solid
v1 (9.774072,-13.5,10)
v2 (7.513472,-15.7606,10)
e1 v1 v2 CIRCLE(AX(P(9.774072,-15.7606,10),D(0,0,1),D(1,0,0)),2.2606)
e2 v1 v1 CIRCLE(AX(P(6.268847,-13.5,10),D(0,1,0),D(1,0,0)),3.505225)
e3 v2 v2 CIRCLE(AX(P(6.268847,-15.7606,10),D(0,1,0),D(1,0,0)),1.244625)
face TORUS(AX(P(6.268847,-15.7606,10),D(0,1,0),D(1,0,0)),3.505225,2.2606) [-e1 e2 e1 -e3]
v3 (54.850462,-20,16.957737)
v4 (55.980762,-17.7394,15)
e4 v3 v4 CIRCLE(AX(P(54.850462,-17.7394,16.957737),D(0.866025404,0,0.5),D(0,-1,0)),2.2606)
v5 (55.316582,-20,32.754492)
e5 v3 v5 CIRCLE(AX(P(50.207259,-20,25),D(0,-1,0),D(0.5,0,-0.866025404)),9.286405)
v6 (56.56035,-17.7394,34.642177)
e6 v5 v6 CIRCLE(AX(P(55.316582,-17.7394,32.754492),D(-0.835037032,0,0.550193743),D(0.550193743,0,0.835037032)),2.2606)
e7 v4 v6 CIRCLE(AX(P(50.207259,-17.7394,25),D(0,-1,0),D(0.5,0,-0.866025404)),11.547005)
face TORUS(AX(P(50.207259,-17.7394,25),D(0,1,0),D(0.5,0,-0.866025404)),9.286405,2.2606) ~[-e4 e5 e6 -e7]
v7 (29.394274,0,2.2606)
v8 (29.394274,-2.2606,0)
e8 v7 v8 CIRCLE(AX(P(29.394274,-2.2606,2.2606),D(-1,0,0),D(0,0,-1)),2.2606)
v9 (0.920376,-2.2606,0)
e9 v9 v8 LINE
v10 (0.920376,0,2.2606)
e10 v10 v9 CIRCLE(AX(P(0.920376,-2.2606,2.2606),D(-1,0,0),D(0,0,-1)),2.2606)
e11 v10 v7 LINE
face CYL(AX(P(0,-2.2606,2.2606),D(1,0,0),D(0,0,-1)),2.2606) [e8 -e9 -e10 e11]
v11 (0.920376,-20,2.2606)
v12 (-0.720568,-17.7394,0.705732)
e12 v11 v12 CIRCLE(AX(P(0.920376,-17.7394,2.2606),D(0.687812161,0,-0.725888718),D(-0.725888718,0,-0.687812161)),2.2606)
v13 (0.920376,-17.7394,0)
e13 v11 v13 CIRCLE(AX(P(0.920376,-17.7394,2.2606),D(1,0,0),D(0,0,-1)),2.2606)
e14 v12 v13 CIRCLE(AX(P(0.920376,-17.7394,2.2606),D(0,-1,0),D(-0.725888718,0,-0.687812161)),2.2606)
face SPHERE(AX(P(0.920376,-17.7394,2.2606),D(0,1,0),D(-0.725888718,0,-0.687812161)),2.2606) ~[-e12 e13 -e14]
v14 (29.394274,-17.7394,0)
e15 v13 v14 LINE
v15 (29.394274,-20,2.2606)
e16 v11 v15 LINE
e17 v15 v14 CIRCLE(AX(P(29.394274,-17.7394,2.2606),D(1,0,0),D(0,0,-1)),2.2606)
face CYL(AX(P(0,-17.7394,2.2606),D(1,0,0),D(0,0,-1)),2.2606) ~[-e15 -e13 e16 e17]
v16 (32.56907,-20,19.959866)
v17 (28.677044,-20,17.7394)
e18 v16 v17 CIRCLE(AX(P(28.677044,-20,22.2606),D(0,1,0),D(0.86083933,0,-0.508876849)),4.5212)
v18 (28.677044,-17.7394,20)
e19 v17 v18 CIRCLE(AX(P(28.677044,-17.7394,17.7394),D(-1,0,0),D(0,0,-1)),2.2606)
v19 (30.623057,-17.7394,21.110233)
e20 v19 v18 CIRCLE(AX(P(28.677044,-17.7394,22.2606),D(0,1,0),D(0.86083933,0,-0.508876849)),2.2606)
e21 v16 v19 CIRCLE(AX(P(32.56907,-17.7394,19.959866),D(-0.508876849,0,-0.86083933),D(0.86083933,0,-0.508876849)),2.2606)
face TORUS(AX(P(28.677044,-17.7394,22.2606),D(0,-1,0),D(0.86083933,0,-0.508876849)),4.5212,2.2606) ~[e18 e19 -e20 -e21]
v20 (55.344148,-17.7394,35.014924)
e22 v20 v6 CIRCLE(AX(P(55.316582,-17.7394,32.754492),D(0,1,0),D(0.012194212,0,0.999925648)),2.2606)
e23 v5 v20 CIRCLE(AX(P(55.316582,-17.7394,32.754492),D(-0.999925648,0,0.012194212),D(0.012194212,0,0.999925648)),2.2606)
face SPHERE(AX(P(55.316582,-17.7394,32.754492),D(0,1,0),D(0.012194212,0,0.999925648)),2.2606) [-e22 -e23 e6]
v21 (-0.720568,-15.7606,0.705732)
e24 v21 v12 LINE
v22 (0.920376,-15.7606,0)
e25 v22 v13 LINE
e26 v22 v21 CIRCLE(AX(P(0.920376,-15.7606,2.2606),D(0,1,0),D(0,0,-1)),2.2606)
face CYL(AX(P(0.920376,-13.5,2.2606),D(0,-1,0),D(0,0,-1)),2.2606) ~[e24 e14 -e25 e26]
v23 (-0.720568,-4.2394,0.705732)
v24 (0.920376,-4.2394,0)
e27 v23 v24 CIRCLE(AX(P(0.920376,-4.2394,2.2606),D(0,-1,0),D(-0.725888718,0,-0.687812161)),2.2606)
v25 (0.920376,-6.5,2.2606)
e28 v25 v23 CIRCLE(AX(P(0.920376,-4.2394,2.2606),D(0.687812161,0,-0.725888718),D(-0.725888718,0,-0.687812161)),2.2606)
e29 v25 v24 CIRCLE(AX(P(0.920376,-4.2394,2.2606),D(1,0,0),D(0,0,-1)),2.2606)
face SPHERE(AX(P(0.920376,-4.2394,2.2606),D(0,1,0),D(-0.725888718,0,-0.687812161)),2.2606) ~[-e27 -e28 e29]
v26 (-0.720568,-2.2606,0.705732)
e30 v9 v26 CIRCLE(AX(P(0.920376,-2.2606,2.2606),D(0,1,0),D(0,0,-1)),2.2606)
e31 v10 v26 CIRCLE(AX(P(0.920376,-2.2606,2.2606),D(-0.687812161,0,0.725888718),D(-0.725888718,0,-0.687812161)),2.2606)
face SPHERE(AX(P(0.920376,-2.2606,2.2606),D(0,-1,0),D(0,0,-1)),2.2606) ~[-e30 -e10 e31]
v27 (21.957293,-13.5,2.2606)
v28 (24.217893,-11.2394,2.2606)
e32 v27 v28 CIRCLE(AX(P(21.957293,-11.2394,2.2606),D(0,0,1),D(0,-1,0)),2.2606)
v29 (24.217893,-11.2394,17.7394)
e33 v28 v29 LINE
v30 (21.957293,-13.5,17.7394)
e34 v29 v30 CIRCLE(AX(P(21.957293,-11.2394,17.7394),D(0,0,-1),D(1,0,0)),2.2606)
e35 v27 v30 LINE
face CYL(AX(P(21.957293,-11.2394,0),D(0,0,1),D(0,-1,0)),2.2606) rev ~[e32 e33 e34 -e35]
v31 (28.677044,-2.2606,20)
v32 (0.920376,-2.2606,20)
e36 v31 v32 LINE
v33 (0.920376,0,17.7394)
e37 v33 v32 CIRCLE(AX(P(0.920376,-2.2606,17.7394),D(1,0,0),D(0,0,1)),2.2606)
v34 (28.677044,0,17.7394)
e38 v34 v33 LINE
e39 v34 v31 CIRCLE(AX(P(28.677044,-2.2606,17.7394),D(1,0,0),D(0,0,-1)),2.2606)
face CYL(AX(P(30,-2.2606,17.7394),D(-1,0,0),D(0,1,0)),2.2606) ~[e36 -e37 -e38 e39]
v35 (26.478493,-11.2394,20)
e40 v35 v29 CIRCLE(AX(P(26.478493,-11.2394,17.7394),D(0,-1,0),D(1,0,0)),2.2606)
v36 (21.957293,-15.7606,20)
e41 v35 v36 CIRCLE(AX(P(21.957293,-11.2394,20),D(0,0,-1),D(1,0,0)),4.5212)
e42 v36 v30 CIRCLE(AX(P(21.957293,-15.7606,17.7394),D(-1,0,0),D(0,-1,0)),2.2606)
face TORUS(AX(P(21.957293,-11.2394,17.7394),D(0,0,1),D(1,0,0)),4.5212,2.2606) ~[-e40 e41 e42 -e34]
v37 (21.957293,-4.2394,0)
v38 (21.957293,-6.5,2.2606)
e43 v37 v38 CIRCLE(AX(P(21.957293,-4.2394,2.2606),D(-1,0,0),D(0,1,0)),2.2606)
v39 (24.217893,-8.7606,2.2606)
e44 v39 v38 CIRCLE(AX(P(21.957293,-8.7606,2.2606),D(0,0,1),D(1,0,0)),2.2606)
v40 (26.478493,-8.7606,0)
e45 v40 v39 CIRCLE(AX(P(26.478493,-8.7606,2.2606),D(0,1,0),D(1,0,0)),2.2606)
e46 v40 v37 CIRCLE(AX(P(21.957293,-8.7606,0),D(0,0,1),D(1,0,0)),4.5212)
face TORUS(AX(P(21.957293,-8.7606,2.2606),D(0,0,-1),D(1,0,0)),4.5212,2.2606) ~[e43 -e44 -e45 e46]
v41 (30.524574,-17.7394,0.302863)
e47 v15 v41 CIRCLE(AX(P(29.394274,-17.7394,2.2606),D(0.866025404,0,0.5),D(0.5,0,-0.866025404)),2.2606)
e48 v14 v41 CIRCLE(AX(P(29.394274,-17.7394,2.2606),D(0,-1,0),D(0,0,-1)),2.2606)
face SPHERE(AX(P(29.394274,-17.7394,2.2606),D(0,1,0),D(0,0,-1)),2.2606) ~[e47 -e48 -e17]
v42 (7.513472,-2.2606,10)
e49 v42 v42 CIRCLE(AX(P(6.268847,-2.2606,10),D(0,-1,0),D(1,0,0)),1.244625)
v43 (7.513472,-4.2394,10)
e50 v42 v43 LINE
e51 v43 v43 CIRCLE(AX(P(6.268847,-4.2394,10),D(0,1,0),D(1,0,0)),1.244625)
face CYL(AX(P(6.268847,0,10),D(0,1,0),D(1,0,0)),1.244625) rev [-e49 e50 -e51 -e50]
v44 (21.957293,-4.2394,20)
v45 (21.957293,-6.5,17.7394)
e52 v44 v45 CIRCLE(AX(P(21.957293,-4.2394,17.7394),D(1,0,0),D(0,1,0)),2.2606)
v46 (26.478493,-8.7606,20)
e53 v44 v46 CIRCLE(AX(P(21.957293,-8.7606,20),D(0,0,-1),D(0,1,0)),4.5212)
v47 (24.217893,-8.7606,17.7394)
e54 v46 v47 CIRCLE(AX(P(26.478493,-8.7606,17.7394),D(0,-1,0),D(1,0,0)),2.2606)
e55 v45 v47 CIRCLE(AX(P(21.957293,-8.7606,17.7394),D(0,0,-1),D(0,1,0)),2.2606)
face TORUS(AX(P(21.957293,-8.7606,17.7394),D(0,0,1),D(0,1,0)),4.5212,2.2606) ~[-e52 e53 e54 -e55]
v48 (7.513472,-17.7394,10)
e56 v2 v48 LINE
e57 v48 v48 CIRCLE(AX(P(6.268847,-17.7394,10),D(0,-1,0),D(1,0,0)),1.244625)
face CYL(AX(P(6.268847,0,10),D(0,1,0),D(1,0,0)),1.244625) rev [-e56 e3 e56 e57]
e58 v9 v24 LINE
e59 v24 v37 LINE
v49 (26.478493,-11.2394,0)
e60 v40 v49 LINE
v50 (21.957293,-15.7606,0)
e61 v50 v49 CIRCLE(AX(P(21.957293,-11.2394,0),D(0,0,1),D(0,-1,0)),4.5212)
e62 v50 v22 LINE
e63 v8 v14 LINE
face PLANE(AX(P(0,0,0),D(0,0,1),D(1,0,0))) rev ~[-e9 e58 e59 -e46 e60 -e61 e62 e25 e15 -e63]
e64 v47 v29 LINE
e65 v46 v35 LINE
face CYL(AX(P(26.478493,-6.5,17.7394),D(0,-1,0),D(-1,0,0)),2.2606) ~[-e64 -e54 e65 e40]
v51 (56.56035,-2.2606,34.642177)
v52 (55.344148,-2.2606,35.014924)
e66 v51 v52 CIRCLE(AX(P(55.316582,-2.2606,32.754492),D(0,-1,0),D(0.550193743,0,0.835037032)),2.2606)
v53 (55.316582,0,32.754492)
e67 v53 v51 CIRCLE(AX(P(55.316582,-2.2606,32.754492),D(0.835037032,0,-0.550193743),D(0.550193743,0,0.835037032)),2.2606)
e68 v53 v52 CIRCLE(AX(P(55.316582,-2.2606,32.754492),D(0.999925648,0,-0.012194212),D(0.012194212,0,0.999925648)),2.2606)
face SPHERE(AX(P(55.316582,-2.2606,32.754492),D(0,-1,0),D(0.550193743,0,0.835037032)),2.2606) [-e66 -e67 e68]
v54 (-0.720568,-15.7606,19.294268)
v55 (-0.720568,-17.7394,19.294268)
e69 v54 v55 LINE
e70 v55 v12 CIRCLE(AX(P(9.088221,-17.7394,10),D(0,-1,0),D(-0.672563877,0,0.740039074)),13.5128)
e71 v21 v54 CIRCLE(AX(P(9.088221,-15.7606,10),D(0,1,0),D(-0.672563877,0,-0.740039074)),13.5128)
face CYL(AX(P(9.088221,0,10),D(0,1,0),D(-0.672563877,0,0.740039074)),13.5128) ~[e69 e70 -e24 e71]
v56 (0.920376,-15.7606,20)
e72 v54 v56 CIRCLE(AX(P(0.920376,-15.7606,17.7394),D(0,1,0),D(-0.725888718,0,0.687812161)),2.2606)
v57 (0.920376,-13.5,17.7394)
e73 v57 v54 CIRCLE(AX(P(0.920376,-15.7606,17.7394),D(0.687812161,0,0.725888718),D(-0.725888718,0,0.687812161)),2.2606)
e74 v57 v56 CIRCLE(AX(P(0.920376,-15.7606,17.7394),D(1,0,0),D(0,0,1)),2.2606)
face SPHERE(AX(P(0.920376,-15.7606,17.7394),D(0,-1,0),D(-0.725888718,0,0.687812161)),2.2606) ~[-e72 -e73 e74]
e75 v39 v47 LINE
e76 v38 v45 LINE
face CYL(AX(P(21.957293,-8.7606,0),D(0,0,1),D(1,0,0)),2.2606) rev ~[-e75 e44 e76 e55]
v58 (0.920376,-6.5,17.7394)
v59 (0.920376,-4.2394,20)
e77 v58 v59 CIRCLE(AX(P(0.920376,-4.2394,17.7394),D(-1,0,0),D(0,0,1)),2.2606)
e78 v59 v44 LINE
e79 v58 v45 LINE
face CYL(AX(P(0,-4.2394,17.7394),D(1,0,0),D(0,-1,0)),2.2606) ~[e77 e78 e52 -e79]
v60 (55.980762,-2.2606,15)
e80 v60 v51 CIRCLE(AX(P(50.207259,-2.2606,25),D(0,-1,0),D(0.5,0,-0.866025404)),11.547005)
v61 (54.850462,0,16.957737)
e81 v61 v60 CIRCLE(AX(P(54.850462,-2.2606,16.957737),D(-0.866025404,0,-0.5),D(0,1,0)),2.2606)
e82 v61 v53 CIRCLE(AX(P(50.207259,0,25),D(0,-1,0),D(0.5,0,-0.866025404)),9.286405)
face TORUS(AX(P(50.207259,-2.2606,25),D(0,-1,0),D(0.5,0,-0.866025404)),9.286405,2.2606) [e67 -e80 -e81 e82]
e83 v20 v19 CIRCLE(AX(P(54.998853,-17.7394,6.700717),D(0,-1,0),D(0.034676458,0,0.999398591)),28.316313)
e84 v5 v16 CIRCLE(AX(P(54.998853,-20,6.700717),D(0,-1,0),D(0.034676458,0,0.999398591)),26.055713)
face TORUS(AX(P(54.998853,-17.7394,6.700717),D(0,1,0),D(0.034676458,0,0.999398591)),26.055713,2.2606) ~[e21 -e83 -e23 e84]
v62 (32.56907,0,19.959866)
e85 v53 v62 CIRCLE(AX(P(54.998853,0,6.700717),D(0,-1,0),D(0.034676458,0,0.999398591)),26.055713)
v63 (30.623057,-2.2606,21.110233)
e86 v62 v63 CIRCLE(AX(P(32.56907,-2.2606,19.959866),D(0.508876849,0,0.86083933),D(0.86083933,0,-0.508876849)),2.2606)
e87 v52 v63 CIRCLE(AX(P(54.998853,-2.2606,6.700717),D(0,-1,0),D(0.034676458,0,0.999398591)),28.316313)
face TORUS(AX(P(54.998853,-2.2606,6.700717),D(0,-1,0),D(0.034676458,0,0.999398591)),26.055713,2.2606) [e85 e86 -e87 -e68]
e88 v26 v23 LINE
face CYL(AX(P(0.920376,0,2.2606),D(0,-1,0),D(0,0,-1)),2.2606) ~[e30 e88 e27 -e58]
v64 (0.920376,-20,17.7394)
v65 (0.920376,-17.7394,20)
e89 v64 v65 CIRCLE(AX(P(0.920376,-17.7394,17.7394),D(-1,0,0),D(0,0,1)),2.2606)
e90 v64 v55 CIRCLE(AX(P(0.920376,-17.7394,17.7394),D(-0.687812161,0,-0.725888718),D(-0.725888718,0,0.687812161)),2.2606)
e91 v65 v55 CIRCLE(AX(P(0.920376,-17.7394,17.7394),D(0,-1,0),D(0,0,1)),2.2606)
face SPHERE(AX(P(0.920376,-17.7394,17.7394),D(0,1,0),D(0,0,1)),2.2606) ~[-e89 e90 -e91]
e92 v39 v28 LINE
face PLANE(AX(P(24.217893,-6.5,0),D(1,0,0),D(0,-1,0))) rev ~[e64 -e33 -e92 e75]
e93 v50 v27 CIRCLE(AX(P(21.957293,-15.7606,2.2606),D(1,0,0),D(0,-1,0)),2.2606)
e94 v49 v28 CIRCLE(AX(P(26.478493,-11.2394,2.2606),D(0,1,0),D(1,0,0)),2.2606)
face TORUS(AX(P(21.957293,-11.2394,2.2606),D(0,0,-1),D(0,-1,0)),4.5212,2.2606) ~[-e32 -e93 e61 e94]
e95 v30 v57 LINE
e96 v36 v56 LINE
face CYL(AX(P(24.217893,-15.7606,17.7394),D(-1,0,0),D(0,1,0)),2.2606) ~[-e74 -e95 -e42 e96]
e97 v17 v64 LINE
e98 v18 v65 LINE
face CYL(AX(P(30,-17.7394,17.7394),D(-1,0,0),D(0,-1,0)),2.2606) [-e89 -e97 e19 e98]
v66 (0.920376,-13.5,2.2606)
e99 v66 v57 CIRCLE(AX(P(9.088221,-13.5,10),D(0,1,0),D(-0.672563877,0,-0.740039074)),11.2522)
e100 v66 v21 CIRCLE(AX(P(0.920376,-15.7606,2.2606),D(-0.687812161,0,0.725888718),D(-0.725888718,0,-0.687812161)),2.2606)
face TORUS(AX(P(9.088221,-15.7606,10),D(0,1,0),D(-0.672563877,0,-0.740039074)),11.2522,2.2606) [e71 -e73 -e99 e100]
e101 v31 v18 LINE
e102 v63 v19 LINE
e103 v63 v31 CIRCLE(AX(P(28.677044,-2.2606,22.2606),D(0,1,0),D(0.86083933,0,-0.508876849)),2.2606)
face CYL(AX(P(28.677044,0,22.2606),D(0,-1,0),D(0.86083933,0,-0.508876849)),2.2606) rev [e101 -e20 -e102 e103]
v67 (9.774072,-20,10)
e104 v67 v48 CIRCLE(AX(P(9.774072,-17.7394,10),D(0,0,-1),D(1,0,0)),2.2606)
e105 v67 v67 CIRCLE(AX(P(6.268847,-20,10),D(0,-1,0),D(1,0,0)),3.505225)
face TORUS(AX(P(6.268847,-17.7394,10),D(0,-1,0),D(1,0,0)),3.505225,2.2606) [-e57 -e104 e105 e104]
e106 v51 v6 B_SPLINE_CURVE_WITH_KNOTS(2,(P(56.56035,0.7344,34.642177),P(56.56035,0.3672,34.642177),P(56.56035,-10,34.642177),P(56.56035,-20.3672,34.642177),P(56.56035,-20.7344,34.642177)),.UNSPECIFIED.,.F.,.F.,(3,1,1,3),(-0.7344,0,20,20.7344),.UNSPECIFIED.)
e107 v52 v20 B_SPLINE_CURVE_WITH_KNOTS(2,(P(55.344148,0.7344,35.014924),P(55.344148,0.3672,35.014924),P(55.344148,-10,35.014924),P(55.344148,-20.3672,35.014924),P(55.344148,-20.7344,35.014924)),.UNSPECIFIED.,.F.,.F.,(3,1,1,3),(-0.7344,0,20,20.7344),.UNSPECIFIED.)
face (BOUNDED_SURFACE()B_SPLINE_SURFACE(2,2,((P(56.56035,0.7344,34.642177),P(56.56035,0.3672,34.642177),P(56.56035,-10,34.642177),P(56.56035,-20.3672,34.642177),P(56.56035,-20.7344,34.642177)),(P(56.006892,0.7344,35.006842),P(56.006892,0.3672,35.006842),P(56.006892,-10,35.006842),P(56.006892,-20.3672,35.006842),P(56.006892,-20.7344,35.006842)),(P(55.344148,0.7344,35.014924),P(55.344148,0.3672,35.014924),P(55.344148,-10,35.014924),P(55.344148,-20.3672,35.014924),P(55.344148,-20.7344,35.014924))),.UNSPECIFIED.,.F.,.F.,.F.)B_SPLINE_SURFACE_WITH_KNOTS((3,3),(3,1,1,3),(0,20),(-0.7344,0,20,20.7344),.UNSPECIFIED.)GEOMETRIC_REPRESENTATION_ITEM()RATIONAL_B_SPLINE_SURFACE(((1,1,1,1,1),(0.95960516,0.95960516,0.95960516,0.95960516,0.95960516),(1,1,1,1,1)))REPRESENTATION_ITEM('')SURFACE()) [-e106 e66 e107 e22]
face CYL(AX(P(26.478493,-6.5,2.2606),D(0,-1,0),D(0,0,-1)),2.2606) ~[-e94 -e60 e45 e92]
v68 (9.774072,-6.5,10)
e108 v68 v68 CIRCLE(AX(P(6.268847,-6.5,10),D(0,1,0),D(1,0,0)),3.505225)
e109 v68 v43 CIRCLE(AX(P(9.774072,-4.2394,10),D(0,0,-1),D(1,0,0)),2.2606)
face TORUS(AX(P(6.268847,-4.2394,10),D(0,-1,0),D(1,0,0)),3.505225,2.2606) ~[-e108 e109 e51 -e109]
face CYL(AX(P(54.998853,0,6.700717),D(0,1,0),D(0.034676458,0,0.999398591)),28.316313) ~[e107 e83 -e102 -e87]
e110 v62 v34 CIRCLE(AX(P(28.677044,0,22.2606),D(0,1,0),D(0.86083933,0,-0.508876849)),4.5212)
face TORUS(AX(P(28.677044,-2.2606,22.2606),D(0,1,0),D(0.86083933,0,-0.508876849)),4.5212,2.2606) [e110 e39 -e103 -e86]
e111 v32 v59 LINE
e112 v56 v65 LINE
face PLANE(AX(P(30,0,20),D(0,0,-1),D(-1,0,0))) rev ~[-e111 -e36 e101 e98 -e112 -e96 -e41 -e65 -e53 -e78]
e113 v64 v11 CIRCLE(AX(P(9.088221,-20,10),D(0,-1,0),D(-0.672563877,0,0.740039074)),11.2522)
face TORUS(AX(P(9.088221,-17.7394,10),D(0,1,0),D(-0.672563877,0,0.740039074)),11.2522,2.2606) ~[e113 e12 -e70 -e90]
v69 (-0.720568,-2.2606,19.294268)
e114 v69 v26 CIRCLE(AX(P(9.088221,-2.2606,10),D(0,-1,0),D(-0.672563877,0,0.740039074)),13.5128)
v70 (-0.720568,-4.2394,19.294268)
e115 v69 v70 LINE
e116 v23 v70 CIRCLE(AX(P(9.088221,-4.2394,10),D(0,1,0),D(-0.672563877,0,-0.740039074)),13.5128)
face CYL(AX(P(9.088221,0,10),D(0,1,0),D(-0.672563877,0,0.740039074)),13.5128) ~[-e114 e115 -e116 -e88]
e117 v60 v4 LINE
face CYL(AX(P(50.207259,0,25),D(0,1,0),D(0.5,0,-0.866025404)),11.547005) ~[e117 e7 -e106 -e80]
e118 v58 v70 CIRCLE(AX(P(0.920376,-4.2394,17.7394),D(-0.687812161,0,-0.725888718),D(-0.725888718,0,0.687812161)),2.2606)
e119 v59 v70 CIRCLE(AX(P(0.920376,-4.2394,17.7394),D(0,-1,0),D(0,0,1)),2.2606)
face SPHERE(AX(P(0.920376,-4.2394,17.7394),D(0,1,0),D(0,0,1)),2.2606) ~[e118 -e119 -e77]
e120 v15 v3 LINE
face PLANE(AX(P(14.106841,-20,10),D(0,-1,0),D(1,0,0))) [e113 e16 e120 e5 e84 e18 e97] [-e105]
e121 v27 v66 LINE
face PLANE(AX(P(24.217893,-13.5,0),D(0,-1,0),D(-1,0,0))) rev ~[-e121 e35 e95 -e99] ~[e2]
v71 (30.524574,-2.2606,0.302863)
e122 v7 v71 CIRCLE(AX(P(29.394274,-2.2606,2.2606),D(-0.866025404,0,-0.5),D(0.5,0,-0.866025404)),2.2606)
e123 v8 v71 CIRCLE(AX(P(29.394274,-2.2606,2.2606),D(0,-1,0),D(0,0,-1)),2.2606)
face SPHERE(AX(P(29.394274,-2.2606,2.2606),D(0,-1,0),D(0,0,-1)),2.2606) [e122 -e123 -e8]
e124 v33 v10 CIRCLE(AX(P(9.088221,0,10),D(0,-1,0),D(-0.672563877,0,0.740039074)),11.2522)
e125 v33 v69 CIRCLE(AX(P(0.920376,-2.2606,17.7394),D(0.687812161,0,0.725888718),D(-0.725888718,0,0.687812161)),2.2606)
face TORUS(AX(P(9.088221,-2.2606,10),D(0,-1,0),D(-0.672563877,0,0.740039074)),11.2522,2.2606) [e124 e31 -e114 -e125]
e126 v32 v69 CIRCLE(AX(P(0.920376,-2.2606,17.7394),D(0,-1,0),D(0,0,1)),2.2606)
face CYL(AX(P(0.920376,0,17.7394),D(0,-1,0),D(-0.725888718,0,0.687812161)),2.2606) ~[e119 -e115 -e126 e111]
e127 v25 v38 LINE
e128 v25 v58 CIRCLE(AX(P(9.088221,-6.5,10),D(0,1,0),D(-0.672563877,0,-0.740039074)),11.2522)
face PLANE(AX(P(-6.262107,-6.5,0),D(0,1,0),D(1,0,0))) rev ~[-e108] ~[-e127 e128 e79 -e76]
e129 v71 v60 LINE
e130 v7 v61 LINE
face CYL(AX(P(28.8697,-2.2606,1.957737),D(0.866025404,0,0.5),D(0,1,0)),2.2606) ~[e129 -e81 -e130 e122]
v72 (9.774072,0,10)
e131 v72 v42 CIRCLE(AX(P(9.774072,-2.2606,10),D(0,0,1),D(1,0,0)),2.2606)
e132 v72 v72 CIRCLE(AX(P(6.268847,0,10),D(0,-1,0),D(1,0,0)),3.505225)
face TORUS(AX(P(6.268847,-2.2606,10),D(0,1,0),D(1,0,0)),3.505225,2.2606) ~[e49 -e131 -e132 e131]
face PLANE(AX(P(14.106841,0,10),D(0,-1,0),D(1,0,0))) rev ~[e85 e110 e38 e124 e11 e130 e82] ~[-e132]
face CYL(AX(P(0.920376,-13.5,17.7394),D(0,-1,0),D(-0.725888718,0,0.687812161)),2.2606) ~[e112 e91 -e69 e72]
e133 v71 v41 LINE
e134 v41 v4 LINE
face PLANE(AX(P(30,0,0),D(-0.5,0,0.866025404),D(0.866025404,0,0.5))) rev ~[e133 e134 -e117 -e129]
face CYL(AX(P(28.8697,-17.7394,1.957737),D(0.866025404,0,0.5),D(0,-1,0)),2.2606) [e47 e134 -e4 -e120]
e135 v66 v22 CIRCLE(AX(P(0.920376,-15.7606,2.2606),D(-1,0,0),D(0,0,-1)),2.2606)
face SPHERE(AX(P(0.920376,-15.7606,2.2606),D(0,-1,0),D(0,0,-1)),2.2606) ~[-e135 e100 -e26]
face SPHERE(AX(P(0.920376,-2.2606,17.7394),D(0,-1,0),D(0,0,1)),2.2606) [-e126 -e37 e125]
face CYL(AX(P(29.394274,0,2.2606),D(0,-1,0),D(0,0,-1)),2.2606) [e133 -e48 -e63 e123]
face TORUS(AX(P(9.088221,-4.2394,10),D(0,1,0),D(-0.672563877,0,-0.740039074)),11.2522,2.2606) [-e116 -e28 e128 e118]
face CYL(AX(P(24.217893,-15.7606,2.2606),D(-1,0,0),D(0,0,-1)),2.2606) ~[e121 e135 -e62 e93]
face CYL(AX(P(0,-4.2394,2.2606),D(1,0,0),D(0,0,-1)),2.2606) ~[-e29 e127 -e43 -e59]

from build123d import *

# Parameters (mm, degrees)
F0_R     = 1.2446254
F1_DEPTH = 20
F3_DEPTH = 20
F4_R     = 2.2606


with BuildPart() as f1:
    # F0 (on Front) → F1 (new body)
    with BuildSketch(Plane.XZ):
        with BuildLine():
            Line((0, 0), (30, 0))
            Line((30, 0), (30, 20))
            Line((30, 20), (0, 20))
            ThreePointArc((0, 20), (-4.4245788407, 10), (0, 0))
        make_face()
        with Locations((6.268847, 10)):
            Circle(F0_R, mode=Mode.SUBTRACT)
        Polygon((30, 20), (30, 0), (55.9807621135, 15), (55.9807621135, 35), align=None)
        with BuildLine():
            ThreePointArc((55.9807621135, 35), (40.8406963478, 31.2233631362), (30, 20))
            Line((30, 20), (55.9807621135, 35))
        make_face()
        with BuildLine():
            Line((55.9807621135, 35), (55.9807621135, 15))
            ThreePointArc((55.9807621135, 15), (61.7542648054, 25), (55.9807621135, 35))
        make_face()
    extrude(amount=F1_DEPTH)

    # F2 (on face) → F3 (cut)
    with BuildSketch(Plane(origin=(0, 0, 0), x_dir=(1, 0, 0), z_dir=(0, 0, -1))):
        Polygon((14.5615497604, 13.5), (14.5497629419, 13.5), (-6.2621072866, 13.5), (-6.2621072866, 10), (-6.2621072866, 6.5), (-6.2419539317, 6.5), (24.2178927134, 6.5), (24.2178927134, 13.5), align=None)
    extrude(amount=-F3_DEPTH, mode=Mode.SUBTRACT)

    # F4
    f4_edges = [f1.edges().sort_by_distance(p)[0] for p in [
        (15, 0, 0),
        (42.990381, 0, 7.5),
        (61.754265, 0, 25),
        (40.840696, 0, 31.223363),
        (15, 0, 20),
        (-4.424579, 0, 10),
        (5.024222, 0, 10),
        (0, -3.25, 20),
        (12.108946, -6.5, 20),
        (24.217893, -10, 20),
        (12.108946, -13.5, 20),
        (0, -16.75, 20),
        (15, -20, 20),
        (30, -10, 20),
        (55.980762, -10, 35),
        (40.840696, -20, 31.223363),
        (55.980762, -10, 15),
        (61.754265, -20, 25),
        (30, -10, 0),
        (42.990381, -20, 7.5),
        (15, -20, 0),
        (0, -16.75, 0),
        (12.108946, -13.5, 0),
        (24.217893, -10, 0),
        (12.108946, -6.5, 0),
        (0, -3.25, 0),
        (-4.424579, -20, 10),
        (5.024222, -20, 10),
        (24.217893, -6.5, 10),
        (24.217893, -13.5, 10),
        (-4.424579, -6.5, 10),
        (5.024222, -6.5, 10),
        (-4.424579, -13.5, 10),
        (5.024222, -13.5, 10),
    ]]
    fillet(f4_edges, radius=F4_R)


solid = f1.part
